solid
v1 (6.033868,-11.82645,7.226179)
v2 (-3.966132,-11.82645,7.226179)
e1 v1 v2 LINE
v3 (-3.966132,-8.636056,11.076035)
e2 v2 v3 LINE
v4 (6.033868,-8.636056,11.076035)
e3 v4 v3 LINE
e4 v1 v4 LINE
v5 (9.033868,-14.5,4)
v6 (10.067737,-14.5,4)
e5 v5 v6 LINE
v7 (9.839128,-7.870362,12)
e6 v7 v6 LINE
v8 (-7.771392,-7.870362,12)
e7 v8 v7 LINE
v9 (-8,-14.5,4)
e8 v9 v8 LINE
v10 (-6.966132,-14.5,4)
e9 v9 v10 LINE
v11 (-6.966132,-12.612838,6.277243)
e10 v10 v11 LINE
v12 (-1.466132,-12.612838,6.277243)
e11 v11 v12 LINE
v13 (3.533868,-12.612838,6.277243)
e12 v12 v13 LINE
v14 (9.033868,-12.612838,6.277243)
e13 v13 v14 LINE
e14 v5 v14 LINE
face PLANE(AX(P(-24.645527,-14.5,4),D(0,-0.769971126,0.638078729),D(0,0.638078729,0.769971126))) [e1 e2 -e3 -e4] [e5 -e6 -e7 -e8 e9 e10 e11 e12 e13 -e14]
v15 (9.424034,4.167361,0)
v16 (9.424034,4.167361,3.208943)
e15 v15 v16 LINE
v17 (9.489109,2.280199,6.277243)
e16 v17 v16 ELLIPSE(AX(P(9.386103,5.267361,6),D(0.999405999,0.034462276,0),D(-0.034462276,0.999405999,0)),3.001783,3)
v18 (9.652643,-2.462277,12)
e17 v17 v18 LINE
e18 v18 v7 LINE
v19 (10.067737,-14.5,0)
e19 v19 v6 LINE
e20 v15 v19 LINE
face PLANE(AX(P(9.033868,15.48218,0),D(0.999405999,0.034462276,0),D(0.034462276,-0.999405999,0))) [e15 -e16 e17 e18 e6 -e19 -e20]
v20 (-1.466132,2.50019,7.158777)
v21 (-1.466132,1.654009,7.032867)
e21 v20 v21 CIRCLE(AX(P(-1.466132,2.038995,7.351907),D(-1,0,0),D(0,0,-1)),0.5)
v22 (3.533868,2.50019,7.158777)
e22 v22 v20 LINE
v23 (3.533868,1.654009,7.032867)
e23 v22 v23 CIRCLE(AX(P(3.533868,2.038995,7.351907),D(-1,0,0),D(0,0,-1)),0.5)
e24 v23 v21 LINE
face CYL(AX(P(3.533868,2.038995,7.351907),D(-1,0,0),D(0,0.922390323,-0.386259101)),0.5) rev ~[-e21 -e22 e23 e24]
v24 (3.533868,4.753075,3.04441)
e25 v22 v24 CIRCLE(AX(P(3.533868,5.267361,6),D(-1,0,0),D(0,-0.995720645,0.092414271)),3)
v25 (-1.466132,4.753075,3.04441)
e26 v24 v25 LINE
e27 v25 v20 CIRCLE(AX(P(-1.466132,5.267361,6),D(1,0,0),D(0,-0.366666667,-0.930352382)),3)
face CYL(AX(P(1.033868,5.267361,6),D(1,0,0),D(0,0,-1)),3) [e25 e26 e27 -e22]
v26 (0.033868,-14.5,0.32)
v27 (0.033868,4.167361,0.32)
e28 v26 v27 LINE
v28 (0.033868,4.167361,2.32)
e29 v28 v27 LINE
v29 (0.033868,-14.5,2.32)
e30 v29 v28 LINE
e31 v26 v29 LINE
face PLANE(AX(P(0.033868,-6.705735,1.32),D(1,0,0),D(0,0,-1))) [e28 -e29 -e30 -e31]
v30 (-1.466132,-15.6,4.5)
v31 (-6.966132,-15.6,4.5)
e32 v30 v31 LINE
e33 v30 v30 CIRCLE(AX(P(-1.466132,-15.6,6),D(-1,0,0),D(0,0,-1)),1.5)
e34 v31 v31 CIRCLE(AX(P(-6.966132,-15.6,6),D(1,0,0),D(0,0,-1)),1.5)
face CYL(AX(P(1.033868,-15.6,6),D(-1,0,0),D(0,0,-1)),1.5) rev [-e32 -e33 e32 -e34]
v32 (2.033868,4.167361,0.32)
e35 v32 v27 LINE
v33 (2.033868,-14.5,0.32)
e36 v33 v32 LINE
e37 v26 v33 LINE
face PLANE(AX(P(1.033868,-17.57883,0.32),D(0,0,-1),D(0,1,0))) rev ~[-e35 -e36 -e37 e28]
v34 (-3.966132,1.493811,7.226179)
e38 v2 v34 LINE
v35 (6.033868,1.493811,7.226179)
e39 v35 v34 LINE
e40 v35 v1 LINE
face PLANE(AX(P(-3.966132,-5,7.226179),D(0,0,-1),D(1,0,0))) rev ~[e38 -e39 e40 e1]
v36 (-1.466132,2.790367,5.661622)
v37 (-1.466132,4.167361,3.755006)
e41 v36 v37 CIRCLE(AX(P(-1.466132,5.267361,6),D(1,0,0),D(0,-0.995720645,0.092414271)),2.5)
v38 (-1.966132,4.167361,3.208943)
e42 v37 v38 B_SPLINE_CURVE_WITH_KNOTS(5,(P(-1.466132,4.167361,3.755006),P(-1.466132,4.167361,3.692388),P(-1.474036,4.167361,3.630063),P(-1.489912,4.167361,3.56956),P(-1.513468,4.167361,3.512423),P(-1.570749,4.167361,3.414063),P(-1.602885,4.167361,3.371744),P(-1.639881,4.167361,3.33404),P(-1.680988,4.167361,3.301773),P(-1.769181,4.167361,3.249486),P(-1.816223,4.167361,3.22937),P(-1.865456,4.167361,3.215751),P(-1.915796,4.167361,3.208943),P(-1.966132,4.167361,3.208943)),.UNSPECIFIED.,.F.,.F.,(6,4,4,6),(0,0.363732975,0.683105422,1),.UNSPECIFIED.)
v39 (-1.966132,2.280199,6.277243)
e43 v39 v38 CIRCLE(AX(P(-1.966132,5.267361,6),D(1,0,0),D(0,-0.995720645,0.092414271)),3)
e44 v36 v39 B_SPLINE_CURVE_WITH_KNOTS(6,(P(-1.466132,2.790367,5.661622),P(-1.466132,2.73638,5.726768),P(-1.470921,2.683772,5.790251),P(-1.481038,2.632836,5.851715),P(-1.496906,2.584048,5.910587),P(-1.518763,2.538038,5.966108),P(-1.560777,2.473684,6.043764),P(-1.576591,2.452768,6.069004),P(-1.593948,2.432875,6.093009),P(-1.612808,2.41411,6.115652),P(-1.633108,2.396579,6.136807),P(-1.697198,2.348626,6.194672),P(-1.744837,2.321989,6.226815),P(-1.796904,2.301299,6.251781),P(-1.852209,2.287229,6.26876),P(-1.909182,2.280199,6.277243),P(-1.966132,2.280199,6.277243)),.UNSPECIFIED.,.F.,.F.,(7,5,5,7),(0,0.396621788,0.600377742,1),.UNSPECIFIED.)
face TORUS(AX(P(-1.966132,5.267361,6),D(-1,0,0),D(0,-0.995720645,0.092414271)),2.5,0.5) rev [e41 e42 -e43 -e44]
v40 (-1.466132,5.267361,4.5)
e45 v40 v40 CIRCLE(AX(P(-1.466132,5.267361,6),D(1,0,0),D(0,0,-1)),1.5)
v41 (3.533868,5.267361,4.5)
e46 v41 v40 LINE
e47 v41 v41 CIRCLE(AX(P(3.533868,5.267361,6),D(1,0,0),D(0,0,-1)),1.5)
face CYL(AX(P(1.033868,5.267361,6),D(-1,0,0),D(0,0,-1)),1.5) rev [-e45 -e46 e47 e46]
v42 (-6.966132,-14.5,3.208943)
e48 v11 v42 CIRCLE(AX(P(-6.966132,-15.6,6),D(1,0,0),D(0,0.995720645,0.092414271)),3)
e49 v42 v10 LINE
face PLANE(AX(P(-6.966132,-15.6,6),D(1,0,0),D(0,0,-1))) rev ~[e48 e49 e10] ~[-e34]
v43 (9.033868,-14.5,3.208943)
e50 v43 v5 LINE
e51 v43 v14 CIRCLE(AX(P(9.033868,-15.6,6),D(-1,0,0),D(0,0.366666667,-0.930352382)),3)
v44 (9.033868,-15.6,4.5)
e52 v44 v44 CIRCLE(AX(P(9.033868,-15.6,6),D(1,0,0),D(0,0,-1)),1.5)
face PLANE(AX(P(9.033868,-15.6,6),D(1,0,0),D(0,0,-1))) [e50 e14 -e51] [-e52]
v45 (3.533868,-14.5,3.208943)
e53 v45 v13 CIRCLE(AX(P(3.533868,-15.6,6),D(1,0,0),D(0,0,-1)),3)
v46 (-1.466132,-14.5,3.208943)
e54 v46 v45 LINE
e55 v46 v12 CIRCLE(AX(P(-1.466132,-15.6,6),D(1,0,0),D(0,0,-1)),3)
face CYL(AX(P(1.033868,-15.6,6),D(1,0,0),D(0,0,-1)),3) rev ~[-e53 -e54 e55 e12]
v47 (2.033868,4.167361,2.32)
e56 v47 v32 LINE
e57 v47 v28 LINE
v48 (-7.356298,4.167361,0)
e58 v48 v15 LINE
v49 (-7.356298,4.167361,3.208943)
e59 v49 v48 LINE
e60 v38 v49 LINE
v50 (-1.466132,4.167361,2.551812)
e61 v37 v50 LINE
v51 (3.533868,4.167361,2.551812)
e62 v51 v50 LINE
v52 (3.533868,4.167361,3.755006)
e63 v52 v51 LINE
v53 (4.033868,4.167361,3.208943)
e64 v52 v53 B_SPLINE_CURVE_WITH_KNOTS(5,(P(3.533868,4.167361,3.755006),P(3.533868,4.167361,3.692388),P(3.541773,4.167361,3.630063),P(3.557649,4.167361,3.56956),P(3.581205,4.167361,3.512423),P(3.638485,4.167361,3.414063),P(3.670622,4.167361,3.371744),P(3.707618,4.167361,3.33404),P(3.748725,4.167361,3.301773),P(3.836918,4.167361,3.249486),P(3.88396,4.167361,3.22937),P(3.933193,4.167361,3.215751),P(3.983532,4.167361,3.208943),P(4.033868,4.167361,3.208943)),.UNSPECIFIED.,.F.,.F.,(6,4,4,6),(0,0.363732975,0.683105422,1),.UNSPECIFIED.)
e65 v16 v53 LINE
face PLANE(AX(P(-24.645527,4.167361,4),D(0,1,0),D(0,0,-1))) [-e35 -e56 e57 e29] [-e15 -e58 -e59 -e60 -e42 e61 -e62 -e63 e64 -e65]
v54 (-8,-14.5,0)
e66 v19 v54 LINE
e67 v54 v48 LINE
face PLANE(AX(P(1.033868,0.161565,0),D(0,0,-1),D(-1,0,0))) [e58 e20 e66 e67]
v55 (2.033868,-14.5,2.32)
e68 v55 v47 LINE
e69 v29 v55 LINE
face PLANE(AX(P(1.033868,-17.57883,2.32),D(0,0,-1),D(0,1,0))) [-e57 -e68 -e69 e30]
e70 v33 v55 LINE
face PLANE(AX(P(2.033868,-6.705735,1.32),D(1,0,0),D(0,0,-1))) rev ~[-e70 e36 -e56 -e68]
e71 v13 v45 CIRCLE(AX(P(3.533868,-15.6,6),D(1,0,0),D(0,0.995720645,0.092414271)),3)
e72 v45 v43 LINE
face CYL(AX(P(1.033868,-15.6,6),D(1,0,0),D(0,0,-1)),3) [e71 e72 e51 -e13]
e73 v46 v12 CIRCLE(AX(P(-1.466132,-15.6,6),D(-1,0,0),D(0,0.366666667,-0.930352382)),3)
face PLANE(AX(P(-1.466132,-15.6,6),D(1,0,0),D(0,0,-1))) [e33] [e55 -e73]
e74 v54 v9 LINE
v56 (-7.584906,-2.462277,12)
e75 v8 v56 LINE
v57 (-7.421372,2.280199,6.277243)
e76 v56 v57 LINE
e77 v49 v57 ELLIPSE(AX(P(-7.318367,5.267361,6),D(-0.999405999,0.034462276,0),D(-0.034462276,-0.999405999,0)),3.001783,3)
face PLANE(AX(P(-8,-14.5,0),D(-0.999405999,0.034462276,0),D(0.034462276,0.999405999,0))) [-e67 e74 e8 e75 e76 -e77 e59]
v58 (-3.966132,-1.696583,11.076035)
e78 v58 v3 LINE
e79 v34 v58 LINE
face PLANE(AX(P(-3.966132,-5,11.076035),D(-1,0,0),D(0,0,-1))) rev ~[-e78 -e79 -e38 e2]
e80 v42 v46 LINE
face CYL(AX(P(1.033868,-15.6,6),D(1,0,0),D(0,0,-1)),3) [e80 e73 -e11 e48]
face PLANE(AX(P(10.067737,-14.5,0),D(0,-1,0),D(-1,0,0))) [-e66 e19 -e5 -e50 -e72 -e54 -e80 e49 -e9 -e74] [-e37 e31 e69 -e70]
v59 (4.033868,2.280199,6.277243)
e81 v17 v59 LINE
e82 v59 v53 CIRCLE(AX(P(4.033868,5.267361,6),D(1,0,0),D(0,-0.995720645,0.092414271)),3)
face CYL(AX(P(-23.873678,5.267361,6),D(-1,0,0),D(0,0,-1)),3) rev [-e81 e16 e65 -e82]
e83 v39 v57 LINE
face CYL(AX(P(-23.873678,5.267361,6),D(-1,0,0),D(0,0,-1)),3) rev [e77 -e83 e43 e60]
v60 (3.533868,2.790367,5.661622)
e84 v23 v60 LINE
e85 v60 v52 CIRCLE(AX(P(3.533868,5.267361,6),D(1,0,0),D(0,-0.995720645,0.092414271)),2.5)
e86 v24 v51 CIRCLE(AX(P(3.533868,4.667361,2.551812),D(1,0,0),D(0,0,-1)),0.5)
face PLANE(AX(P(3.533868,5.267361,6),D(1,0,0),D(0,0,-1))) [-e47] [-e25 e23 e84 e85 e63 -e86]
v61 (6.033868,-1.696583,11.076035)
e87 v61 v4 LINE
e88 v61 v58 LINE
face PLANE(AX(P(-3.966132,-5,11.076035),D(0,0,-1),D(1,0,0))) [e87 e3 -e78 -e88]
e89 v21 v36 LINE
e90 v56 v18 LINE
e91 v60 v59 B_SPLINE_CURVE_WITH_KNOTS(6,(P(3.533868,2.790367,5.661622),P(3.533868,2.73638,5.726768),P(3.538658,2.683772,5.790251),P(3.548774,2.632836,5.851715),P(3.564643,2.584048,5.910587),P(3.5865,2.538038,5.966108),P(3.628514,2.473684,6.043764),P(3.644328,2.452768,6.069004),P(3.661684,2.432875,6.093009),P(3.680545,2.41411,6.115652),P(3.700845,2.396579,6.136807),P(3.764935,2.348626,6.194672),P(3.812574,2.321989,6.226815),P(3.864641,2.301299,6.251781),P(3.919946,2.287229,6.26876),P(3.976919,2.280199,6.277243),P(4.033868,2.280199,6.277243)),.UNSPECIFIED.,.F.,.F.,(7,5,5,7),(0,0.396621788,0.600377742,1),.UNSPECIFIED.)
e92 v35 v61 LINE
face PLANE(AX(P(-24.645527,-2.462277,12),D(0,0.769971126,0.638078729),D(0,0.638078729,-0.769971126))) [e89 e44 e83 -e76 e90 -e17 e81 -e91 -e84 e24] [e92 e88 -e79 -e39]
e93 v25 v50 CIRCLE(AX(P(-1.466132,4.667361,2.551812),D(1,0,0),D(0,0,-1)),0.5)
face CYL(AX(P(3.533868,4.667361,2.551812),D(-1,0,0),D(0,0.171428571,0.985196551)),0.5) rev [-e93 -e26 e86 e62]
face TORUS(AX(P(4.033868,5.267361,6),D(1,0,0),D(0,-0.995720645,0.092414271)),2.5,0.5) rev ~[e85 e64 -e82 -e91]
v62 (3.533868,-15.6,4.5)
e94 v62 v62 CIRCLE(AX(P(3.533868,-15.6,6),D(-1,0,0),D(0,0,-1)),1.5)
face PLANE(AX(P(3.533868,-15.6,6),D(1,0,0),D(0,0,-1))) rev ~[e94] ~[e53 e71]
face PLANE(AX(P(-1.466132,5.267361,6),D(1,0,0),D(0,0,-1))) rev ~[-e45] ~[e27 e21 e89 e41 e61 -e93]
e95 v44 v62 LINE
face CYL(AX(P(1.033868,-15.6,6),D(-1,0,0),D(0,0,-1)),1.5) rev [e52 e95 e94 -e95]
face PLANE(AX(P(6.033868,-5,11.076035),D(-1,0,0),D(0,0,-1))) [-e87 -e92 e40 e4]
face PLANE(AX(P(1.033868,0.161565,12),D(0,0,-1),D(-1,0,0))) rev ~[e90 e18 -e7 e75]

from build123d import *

# Parameters (mm, degrees)
BOSS_EXTRUDE2_DEPTH             = 12
CUT_EXTRUDE2_DEPTH              = 22.571014648492383
CUT_EXTRUDE2_DEPTH_BACK         = 22.571014648492383
SKETCH17_R                      = 3.0000000000000298
SKETCH17_R_2                    = 1.5000000000000007
BOSS_EXTRUDE3_DEPTH             = 2.5
CUT_EXTRUDE3_DEPTH              = 25.679395227729078
CUT_EXTRUDE3_DEPTH_BACK         = 25.679395227729078
SKETCH19_R                      = 1.4999999999999996
BOSS_EXTRUDE4_DEPTH             = 8
SKETCH19_3_R                    = 3.0000000000000004
CUT_EXTRUDE4_DEPTH              = 2.5
CUT_EXTRUDE5_START              = 10
SKETCH20_R                      = 2.9999999999999996
CUT_EXTRUDE5_DEPTH              = 10
SKETCH21_R                      = 2.999999999999999
CUT_EXTRUDE6_DEPTH              = 10
FILLET6_R                       = 0.5000000000000004
FILLET7_R                       = 0.5000000000000004
FILLET8_R                       = 0.5000000000000004
CUT_EXTRUDE8_DEPTH              = 25.679395276352636
CUT_EXTRUDE8_DEPTH_BACK         = 25.679395276352636
CUT_EXTRUDE9_DEPTH              = 24.90754642395463
CUT_EXTRUDE9_DEPTH_BACK         = 24.90754642395463
SKETCH26_R                      = 3
SKETCH27_R                      = 2.9999999999999996
SKETCH27_R_2                    = 1.4999999999999996
BOSS_EXTRUDE6_DEPTH             = 2.5
FILLET9_R                       = 0.5
FILLET10_R                      = 0.5
CUT_EXTRUDE10_REACH             = 22.744
SKETCH29_W                      = 10
SKETCH29_H                      = 3.8498556304138605
CUT_EXTRUDE10_DIRECTION_2_REACH = 22.744
CUT_EXTRUDE11_DEPTH             = 1


with BuildPart() as part:
    # Sketch1 → Boss-Extrude2 (new body)
    with BuildSketch(Plane.XY):
        Polygon((-7.999999999999995, -14.500000000000002), (-6.966131724806635, 15.482179980607619), (9.033868275193369, 15.482179980607619), (10.067736550386755, -14.500000000000002), align=None)
    extrude(amount=BOSS_EXTRUDE2_DEPTH)

    # Sketch16 → Cut-Extrude2 (cut, two sides: drawn at the far end of the back side and taken through both)
    with BuildSketch(Plane(origin=(1.0338682751933665, 0, 0), x_dir=(0, 0, -1), z_dir=(1, 0, 0)).offset(-CUT_EXTRUDE2_DEPTH_BACK)):
        Polygon((-12, 8.852541981440545), (-4, 15.482179980607619), (-12, 15.482179980607619), align=None)
    extrude(amount=CUT_EXTRUDE2_DEPTH + CUT_EXTRUDE2_DEPTH_BACK, mode=Mode.SUBTRACT)

    # Sketch17 → Boss-Extrude3 (add, symmetric)
    with BuildSketch(Plane(origin=(1.0338682751933665, 0, 0), x_dir=(0, 0, -1), z_dir=(1, 0, 0))):
        with Locations((-6.000000000000029, 16.582179980607627)):
            Circle(SKETCH17_R)
        with Locations((-6, 16.58217998060762)):
            Circle(SKETCH17_R_2, mode=Mode.SUBTRACT)
    extrude(amount=BOSS_EXTRUDE3_DEPTH, both=True)

    # Sketch18 → Cut-Extrude3 (cut, two sides: drawn at the far end of the back side and taken through both)
    with BuildSketch(Plane(origin=(1.0338682751933665, 0, 0), x_dir=(0, 0, -1), z_dir=(1, 0, 0)).offset(-CUT_EXTRUDE3_DEPTH_BACK)):
        Polygon((-12, -14.500000000000002), (-4, -14.500000000000002), (-12, -7.870362000832929), align=None)
    extrude(amount=CUT_EXTRUDE3_DEPTH + CUT_EXTRUDE3_DEPTH_BACK, mode=Mode.SUBTRACT)

    # Sketch19 → Boss-Extrude4 (add, symmetric)
    with BuildSketch(Plane(origin=(1.0338682751933665, 0, 0), x_dir=(0, 0, -1), z_dir=(1, 0, 0))):
        with BuildLine():
            ThreePointArc((-8.791057147390573, -14.500000000000002), (-6.5598341530436866, -18.547301430306355), (-2.9999999999999996, -15.600000000000003))
            ThreePointArc((-2.9999999999999996, -15.600000000000003), (-3.0526985696936495, -15.040165846956317), (-3.2089428526094275, -14.500000000000002))
            ThreePointArc((-3.2089428526094275, -14.500000000000002), (-6, -12.600000000000003), (-8.791057147390573, -14.500000000000002))
        make_face()
        with Locations((-6, -15.600000000000003)):
            Circle(SKETCH19_R, mode=Mode.SUBTRACT)
    extrude(amount=BOSS_EXTRUDE4_DEPTH, both=True)

    # Sketch19<3> → Cut-Extrude4 (cut, symmetric)
    with BuildSketch(Plane(origin=(1.0338682751933665, 0, 0), x_dir=(0, 0, -1), z_dir=(1, 0, 0))):
        with Locations((-6, -15.600000000000003)):
            Circle(SKETCH19_3_R)
    extrude(amount=CUT_EXTRUDE4_DEPTH, both=True, mode=Mode.SUBTRACT)

    # Sketch20 → Cut-Extrude5 (cut)
    with BuildSketch(Plane(origin=(3.5338682751933668, 0, 0), x_dir=(0, 0, -1), z_dir=(1, 0, 0)).offset(CUT_EXTRUDE5_START)):
        with Locations((-6, 16.58217998060762)):
            Circle(SKETCH20_R)
    extrude(amount=-CUT_EXTRUDE5_DEPTH, mode=Mode.SUBTRACT)

    # Sketch21 → Cut-Extrude6 (cut)
    with BuildSketch(Plane.ZY.offset(1.4661317248066335)):
        with Locations((6, 16.58217998060762)):
            Circle(SKETCH21_R)
    extrude(amount=CUT_EXTRUDE6_DEPTH, mode=Mode.SUBTRACT)

    # Fillet6
    fillet6_edges = [part.edges().sort_by_distance(p)[0] for p in [
        (1.0338682751933665, 13.59501804601977, 6.277242811538059),
    ]]
    fillet(fillet6_edges, radius=FILLET6_R)

    # Fillet7
    fillet7_edges = [part.edges().sort_by_distance(p)[0] for p in [
        (1.0338682751933665, 15.482179980607619, 3.208942852609428),
    ]]
    fillet(fillet7_edges, radius=FILLET7_R)

    # Fillet8
    fillet8_edges = [part.edges().sort_by_distance(p)[0] for p in [
        (3.5338682751933668, 14.026824950601753, 4.428325520146199),
        (-1.4661317248066335, 14.026824950601755, 4.428325520146199),
    ]]
    fillet(fillet8_edges, radius=FILLET8_R)

    # Sketch23 → Cut-Extrude8 (cut, two sides: drawn at the far end of the back side and taken through both)
    with BuildSketch(Plane(origin=(1.0338682751933665, 0, 0), x_dir=(0, 0, -1), z_dir=(1, 0, 0)).offset(-CUT_EXTRUDE8_DEPTH_BACK)):
        Polygon((0, 4.167360981024079), (0, 23.255957395128362), (-11.999999999999998, 23.255957395128362), (-11.999999999999998, -2.4622770181429927), (-4.000000000000001, 4.167360981024078), align=None)
    extrude(amount=CUT_EXTRUDE8_DEPTH + CUT_EXTRUDE8_DEPTH_BACK, mode=Mode.SUBTRACT)

    # Sketch26 → Cut-Extrude9 (cut, two sides: drawn at the far end of the back side and taken through both)
    with BuildSketch(Plane(origin=(1.0338682751933665, 0, 0), x_dir=(0, 0, -1), z_dir=(1, 0, 0)).offset(-CUT_EXTRUDE9_DEPTH_BACK)):
        with Locations((-6, 5.26736098102408)):
            Circle(SKETCH26_R)
        with BuildLine():
            ThreePointArc((-4.980196097281473, 4.167360981024053), (-7.374719217527308, 5.867483529309931), (-4.5, 5.26736098102408))
            ThreePointArc((-4.5, 5.26736098102408), (-4.625280782472692, 4.667238432738228), (-4.980196097281473, 4.167360981024053))
        make_face(mode=Mode.SUBTRACT)
    extrude(amount=CUT_EXTRUDE9_DEPTH + CUT_EXTRUDE9_DEPTH_BACK, mode=Mode.SUBTRACT)

    # Sketch27 → Boss-Extrude6 (add, symmetric)
    with BuildSketch(Plane(origin=(1.0338682751933665, 0, 0), x_dir=(0, 0, -1), z_dir=(1, 0, 0))):
        with Locations((-6, 5.26736098102408)):
            Circle(SKETCH27_R)
        with Locations((-6, 5.26736098102408)):
            Circle(SKETCH27_R_2, mode=Mode.SUBTRACT)
    extrude(amount=BOSS_EXTRUDE6_DEPTH, both=True)

    # Fillet9
    fillet9_edges = [part.edges().sort_by_distance(p)[0] for p in [
        (1.0338682751933668, 4.167360981024079, 3.2089428526094292),
        (1.0338682751933668, 2.2801990464362527, 6.277242811538037),
    ]]
    fillet(fillet9_edges, radius=FILLET9_R)

    # Fillet10
    fillet10_edges = [part.edges().sort_by_distance(p)[0] for p in [
        (-1.4661317248066335, 2.712005951018226, 4.428325520146179),
        (3.5338682751933668, 2.7120059510182273, 4.428325520146177),
    ]]
    fillet(fillet10_edges, radius=FILLET10_R)

    # Cut-Extrude10: up to this plane
    cut_extrude10_end = Plane(origin=(-7.999999999999995, -10.561614048947142, 8.752459728929596), z_dir=(0, 0.769971126082772, -0.6380787294674758))
    # Sketch29 → Cut-Extrude10 (cut, up to the surface)
    with BuildSketch(Plane(origin=(0, -5, 0), x_dir=(1, 0, 0), z_dir=(0, 1, 0)), mode=Mode.PRIVATE) as cut_extrude10_sk1:
        with Locations((1.0338682751933745, -9.151106833493746)):
            Rectangle(SKETCH29_W, SKETCH29_H)
    cut_extrude10_tool1 = split(extrude(cut_extrude10_sk1.sketch, amount=-CUT_EXTRUDE10_REACH, mode=Mode.PRIVATE), bisect_by=cut_extrude10_end, keep=Keep.BOTH, mode=Mode.PRIVATE)
    add(cut_extrude10_tool1.solids().sort_by_distance((1.033868, -5, 9.151107))[0], mode=Mode.SUBTRACT)

    # Cut-Extrude10 direction 2: up to this plane
    cut_extrude10_direction_2_end = Plane(origin=(-7.999999999999995, -2.4622770181429927, 11.999999999999998), z_dir=(0, -0.769971126082772, -0.6380787294674759))
    # Sketch29 → Cut-Extrude10 direction 2 (cut, up to the surface)
    with BuildSketch(Plane(origin=(0, -5, 0), x_dir=(1, 0, 0), z_dir=(0, 1, 0)), mode=Mode.PRIVATE) as cut_extrude10_direction_2_sk1:
        with Locations((1.0338682751933745, -9.151106833493746)):
            Rectangle(SKETCH29_W, SKETCH29_H)
    cut_extrude10_direction_2_tool1 = split(extrude(cut_extrude10_direction_2_sk1.sketch, amount=CUT_EXTRUDE10_DIRECTION_2_REACH, mode=Mode.PRIVATE), bisect_by=cut_extrude10_direction_2_end, keep=Keep.BOTH, mode=Mode.PRIVATE)
    add(cut_extrude10_direction_2_tool1.solids().sort_by_distance((1.033868, -5, 9.151107))[0], mode=Mode.SUBTRACT)

    # Sketch30 → Cut-Extrude11 (cut, symmetric)
    with BuildSketch(Plane(origin=(1.0338682751933665, 0, 0), x_dir=(0, 0, -1), z_dir=(1, 0, 0))):
        Polygon((-0.3199999999999974, -17.57883049775079), (-0.3199999999999974, 4.167360981024078), (-2.3200000000000003, 4.16736098102408), (-2.32, -17.578830497750786), align=None)
    extrude(amount=CUT_EXTRUDE11_DEPTH, both=True, mode=Mode.SUBTRACT)


solid = part.part
